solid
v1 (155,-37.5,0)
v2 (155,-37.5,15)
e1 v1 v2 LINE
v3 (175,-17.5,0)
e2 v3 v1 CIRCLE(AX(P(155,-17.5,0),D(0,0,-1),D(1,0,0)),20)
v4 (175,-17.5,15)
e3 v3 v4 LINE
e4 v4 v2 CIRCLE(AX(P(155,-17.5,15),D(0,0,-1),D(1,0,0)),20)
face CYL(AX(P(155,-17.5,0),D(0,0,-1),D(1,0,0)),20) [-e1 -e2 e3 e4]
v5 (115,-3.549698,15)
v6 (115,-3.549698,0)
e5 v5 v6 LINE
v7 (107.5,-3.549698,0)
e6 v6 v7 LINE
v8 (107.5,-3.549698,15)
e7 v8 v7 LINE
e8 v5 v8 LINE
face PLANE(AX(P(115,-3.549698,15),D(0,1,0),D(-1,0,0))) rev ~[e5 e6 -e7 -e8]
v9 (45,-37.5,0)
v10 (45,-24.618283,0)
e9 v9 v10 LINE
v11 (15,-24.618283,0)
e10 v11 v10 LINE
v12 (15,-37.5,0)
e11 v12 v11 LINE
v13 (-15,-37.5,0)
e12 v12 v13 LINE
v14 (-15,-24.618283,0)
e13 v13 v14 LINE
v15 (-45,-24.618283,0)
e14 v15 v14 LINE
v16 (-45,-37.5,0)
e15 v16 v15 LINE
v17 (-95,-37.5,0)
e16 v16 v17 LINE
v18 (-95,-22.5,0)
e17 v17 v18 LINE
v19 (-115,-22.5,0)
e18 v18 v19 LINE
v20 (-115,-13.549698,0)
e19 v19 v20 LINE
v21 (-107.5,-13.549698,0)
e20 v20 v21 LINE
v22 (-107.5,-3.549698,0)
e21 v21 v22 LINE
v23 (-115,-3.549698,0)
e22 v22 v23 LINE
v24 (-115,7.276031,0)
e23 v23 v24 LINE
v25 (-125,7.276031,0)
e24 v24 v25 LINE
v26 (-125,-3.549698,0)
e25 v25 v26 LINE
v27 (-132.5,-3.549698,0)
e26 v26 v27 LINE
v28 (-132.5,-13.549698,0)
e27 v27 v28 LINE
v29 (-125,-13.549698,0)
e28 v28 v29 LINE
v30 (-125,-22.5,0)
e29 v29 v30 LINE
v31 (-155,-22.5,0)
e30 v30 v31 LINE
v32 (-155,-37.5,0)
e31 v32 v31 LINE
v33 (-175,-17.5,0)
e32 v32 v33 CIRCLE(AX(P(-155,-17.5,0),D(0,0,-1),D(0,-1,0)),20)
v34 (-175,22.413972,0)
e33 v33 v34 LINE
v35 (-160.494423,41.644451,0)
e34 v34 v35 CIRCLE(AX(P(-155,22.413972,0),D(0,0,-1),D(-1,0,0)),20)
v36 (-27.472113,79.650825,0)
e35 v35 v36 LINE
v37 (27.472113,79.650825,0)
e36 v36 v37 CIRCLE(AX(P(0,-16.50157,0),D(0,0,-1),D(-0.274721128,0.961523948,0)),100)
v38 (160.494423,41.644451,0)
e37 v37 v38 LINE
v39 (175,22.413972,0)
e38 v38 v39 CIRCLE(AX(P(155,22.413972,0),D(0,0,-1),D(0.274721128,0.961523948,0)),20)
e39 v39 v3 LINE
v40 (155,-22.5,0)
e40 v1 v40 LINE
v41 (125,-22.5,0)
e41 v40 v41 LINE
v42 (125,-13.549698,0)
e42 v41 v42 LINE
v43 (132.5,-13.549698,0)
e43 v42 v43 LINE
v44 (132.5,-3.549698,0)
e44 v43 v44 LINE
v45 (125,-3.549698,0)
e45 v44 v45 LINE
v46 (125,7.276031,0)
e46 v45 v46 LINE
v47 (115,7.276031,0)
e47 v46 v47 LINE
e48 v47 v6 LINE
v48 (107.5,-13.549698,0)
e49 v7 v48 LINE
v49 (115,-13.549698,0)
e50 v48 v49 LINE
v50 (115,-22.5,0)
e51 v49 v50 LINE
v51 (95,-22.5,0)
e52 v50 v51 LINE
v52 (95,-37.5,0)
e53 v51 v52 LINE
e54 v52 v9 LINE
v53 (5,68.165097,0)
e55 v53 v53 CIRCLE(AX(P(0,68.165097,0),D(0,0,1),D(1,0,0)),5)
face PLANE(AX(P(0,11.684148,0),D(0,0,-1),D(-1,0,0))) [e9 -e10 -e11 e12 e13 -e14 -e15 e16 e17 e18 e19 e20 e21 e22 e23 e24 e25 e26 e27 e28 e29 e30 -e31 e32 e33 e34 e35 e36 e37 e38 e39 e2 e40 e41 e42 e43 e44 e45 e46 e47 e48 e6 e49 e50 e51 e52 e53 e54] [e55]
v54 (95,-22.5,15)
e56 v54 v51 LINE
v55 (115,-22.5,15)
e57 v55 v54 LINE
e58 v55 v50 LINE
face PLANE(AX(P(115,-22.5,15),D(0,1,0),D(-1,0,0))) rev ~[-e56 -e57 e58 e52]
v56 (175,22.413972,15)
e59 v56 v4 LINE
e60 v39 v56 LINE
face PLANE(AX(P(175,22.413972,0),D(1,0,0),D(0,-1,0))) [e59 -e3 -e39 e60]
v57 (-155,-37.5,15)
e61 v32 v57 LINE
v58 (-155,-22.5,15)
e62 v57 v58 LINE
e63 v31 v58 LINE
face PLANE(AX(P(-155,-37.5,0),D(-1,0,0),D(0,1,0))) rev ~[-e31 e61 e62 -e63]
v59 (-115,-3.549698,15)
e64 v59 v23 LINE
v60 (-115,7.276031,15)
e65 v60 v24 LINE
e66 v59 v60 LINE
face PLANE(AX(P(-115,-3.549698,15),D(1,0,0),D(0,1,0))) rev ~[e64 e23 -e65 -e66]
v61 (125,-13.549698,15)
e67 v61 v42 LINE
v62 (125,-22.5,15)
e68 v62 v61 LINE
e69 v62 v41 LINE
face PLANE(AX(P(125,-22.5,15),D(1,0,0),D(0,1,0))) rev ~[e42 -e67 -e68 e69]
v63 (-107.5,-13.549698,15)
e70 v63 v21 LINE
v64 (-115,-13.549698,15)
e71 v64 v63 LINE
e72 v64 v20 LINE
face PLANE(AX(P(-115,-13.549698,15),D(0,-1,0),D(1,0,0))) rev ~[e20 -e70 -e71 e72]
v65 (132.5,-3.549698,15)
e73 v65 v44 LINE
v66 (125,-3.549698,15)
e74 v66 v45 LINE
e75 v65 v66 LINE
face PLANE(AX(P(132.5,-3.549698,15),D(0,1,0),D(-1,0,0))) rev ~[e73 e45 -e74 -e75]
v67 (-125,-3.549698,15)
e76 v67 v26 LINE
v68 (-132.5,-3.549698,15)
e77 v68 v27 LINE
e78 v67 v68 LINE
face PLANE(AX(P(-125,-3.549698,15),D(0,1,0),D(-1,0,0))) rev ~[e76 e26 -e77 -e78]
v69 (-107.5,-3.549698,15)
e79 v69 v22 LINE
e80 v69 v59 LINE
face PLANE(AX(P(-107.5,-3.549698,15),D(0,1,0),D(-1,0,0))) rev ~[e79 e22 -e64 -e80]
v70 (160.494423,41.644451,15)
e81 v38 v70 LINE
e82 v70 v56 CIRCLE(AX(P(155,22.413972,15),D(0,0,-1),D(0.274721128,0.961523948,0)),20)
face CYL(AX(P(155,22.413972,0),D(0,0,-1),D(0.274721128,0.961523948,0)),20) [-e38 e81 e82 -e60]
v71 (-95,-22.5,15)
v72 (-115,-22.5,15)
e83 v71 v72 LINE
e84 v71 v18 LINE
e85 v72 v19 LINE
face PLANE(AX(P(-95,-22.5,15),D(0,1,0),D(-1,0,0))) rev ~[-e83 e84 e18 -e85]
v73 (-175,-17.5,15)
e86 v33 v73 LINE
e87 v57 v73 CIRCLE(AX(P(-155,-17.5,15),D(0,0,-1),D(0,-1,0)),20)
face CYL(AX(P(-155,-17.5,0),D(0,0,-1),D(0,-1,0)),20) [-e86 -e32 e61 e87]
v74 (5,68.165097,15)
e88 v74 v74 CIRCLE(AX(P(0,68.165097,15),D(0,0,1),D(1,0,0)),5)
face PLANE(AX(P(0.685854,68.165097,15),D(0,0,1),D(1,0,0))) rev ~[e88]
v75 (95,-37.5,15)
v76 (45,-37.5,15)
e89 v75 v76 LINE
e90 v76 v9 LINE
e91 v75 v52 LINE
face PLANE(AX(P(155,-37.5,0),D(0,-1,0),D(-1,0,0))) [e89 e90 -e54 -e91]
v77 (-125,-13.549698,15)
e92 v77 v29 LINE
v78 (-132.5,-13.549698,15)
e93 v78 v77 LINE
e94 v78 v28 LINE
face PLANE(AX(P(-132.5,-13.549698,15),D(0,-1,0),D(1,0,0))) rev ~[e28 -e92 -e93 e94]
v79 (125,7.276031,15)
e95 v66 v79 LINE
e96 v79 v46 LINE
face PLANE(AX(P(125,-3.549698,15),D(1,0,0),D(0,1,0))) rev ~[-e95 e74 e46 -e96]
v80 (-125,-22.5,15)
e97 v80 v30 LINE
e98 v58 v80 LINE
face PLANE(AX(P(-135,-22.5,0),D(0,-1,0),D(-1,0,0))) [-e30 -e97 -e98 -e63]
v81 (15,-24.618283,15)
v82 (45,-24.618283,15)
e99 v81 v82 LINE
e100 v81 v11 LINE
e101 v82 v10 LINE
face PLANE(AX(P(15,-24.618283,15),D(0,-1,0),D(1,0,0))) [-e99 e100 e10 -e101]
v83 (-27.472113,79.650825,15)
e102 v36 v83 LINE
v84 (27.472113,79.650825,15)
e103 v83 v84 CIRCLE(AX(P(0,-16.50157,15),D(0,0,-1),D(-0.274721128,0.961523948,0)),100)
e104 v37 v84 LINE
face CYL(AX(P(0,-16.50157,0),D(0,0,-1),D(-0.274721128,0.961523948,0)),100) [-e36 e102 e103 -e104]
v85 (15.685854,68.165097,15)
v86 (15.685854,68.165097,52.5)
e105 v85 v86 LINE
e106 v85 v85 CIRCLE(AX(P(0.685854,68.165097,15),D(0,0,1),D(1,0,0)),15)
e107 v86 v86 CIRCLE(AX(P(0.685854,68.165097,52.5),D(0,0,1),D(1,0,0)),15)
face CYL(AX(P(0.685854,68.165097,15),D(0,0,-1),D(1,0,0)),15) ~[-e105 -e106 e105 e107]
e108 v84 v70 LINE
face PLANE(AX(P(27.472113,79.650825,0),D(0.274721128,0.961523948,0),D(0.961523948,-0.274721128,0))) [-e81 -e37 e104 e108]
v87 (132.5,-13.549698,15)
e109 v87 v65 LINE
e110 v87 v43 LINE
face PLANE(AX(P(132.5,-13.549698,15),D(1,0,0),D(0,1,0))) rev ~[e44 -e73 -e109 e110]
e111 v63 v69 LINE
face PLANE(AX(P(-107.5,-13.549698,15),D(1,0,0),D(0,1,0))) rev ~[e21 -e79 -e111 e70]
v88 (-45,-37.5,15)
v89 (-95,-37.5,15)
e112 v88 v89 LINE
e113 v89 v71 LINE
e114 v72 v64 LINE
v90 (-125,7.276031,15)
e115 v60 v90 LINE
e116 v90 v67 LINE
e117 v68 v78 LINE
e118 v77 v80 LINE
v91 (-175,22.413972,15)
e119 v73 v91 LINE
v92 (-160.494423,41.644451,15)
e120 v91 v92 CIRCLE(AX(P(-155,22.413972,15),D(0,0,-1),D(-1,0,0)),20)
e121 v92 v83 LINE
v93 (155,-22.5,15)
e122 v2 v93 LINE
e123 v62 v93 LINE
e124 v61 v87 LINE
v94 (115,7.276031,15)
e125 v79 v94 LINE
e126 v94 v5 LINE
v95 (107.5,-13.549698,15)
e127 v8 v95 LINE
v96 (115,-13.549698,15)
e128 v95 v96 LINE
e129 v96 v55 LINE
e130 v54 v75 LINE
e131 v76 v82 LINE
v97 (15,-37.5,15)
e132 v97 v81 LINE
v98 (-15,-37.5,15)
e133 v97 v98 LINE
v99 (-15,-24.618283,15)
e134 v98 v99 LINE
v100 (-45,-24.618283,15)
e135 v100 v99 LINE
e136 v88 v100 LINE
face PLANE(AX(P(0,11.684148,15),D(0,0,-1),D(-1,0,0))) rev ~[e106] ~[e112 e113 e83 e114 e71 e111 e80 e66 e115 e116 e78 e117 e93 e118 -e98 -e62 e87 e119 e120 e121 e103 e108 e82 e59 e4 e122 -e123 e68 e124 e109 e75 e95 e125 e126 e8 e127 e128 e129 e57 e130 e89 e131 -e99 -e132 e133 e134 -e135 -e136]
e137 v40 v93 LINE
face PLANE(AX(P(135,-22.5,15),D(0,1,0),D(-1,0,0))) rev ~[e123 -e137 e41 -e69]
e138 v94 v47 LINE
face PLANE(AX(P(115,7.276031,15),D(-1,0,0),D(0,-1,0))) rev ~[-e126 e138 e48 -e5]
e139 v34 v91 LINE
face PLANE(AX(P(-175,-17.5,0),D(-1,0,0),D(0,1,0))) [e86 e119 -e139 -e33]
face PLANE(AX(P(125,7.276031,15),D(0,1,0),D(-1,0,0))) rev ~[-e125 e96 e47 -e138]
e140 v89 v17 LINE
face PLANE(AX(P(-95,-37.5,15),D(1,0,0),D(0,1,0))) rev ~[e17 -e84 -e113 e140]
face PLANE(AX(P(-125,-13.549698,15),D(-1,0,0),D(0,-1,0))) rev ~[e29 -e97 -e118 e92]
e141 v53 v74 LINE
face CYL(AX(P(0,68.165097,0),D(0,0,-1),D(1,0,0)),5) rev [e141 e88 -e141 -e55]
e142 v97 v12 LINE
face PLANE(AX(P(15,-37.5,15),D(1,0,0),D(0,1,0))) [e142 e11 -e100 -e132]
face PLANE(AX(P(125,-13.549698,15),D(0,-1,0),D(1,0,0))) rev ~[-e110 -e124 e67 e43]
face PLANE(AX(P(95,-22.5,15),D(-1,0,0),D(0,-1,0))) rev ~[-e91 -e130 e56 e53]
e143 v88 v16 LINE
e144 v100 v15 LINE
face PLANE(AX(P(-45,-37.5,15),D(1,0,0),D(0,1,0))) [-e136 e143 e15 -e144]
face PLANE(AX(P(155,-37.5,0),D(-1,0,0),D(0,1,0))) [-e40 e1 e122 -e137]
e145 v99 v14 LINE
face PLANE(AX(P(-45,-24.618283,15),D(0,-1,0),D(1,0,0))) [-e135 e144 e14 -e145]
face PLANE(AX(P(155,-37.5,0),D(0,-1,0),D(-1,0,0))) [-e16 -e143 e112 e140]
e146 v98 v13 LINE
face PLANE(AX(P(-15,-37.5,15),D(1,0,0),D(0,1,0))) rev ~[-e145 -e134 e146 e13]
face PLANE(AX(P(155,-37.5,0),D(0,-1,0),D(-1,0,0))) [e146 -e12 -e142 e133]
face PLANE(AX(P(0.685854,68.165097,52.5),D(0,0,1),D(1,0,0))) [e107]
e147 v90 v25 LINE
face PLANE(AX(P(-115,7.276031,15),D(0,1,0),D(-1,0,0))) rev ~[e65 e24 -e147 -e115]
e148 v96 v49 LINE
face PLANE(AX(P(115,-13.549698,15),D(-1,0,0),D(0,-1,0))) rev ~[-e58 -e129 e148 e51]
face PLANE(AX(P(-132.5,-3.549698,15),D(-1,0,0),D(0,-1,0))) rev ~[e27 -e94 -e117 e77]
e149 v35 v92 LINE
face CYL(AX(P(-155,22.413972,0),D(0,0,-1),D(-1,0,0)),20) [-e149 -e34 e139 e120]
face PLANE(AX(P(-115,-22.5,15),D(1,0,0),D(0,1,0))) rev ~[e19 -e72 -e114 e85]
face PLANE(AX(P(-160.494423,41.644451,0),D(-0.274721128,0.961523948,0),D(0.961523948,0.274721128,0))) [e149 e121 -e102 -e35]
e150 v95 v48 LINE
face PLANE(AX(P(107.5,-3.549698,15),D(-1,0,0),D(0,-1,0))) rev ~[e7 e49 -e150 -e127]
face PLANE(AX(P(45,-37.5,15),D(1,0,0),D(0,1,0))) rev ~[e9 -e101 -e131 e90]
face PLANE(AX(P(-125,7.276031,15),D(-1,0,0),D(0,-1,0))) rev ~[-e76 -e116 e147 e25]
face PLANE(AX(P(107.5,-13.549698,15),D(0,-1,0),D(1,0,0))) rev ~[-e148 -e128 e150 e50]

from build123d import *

# Parameters (mm, degrees)
ESQUISSE1_R             = 5
BOSS_EXTRU_1_DEPTH      = 15
ESQUISSE2_W             = 30
ESQUISSE2_H             = 12.881717487
ENL_V_MAT_EXTRU_1_DEPTH = 15
ESQUISSE3_W             = 20
ESQUISSE3_H             = 15
ENL_V_MAT_EXTRU_2_DEPTH = 15
ESQUISSE5_R             = 15
BOSS_EXTRU_2_DEPTH      = 37.5


with BuildPart() as part:
    # Esquisse1 → Boss.-Extru.1 (new body)
    with BuildSketch(Plane.XY):
        with BuildLine():
            Line((-160.494422558, 41.644450698), (-27.47211279, 79.650824917))
            ThreePointArc((-27.47211279, 79.650824917), (0, 83.498430153), (27.47211279, 79.650824917))
            Line((27.47211279, 79.650824917), (160.494422558, 41.644450698))
            ThreePointArc((160.494422558, 41.644450698), (170.966972962, 34.457882008), (175, 22.413971745))
            Line((175, 22.413971745), (175, -17.5))
            ThreePointArc((175, -17.5), (169.142135624, -31.642135624), (155, -37.5))
            Line((155, -37.5), (-155, -37.5))
            ThreePointArc((-155, -37.5), (-169.142135624, -31.642135624), (-175, -17.5))
            Line((-175, -17.5), (-175, 22.413971745))
            ThreePointArc((-175, 22.413971745), (-170.966972962, 34.457882008), (-160.494422558, 41.644450698))
        make_face()
        with Locations((0, 68.16509682)):
            Circle(ESQUISSE1_R, mode=Mode.SUBTRACT)
    extrude(amount=BOSS_EXTRU_1_DEPTH)

    # Esquisse2 → Enlèv. mat.-Extru.1 (cut)
    with BuildSketch(Plane.XY.offset(15)):
        Polygon((95, -37.5), (115, -37.5), (125, -37.5), (135, -37.5), (135, -22.5), (125, -22.5), (125, -13.549697849), (132.5, -13.549697849), (132.5, -3.549697849), (125, -3.549697849), (125, 7.276030806), (115, 7.276030806), (115, -3.549697849), (107.5, -3.549697849), (107.5, -13.549697849), (115, -13.549697849), (115, -22.5), (95, -22.5), align=None)
        with Locations((30, -31.059141256)):
            Rectangle(ESQUISSE2_W, ESQUISSE2_H)
        with Locations((-30, -31.059141256)):
            Rectangle(ESQUISSE2_W, ESQUISSE2_H)
        Polygon((-115, -37.5), (-95, -37.5), (-95, -22.5), (-115, -22.5), (-115, -13.549697849), (-107.5, -13.549697849), (-107.5, -3.549697849), (-115, -3.549697849), (-115, 7.276030806), (-125, 7.276030806), (-125, -3.549697849), (-132.5, -3.549697849), (-132.5, -13.549697849), (-125, -13.549697849), (-125, -22.5), (-135, -22.5), (-135, -37.5), (-125, -37.5), align=None)
    extrude(amount=-ENL_V_MAT_EXTRU_1_DEPTH, mode=Mode.SUBTRACT)

    # Esquisse3 → Enlèv. mat.-Extru.2 (cut)
    with BuildSketch(Plane(origin=(0, 0, 0), x_dir=(-1, 0, 0), z_dir=(0, 0, -1))):
        with Locations((145, -30)):
            Rectangle(ESQUISSE3_W, ESQUISSE3_H)
        with Locations((-145, -30)):
            Rectangle(ESQUISSE3_W, ESQUISSE3_H)
    extrude(amount=-ENL_V_MAT_EXTRU_2_DEPTH, mode=Mode.SUBTRACT)

    # Esquisse5 → Boss.-Extru.2 (add)
    with BuildSketch(Plane.XY.offset(15)):
        with Locations((0.685853551, 68.16509682)):
            Circle(ESQUISSE5_R)
    extrude(amount=BOSS_EXTRU_2_DEPTH)


solid = part.part
